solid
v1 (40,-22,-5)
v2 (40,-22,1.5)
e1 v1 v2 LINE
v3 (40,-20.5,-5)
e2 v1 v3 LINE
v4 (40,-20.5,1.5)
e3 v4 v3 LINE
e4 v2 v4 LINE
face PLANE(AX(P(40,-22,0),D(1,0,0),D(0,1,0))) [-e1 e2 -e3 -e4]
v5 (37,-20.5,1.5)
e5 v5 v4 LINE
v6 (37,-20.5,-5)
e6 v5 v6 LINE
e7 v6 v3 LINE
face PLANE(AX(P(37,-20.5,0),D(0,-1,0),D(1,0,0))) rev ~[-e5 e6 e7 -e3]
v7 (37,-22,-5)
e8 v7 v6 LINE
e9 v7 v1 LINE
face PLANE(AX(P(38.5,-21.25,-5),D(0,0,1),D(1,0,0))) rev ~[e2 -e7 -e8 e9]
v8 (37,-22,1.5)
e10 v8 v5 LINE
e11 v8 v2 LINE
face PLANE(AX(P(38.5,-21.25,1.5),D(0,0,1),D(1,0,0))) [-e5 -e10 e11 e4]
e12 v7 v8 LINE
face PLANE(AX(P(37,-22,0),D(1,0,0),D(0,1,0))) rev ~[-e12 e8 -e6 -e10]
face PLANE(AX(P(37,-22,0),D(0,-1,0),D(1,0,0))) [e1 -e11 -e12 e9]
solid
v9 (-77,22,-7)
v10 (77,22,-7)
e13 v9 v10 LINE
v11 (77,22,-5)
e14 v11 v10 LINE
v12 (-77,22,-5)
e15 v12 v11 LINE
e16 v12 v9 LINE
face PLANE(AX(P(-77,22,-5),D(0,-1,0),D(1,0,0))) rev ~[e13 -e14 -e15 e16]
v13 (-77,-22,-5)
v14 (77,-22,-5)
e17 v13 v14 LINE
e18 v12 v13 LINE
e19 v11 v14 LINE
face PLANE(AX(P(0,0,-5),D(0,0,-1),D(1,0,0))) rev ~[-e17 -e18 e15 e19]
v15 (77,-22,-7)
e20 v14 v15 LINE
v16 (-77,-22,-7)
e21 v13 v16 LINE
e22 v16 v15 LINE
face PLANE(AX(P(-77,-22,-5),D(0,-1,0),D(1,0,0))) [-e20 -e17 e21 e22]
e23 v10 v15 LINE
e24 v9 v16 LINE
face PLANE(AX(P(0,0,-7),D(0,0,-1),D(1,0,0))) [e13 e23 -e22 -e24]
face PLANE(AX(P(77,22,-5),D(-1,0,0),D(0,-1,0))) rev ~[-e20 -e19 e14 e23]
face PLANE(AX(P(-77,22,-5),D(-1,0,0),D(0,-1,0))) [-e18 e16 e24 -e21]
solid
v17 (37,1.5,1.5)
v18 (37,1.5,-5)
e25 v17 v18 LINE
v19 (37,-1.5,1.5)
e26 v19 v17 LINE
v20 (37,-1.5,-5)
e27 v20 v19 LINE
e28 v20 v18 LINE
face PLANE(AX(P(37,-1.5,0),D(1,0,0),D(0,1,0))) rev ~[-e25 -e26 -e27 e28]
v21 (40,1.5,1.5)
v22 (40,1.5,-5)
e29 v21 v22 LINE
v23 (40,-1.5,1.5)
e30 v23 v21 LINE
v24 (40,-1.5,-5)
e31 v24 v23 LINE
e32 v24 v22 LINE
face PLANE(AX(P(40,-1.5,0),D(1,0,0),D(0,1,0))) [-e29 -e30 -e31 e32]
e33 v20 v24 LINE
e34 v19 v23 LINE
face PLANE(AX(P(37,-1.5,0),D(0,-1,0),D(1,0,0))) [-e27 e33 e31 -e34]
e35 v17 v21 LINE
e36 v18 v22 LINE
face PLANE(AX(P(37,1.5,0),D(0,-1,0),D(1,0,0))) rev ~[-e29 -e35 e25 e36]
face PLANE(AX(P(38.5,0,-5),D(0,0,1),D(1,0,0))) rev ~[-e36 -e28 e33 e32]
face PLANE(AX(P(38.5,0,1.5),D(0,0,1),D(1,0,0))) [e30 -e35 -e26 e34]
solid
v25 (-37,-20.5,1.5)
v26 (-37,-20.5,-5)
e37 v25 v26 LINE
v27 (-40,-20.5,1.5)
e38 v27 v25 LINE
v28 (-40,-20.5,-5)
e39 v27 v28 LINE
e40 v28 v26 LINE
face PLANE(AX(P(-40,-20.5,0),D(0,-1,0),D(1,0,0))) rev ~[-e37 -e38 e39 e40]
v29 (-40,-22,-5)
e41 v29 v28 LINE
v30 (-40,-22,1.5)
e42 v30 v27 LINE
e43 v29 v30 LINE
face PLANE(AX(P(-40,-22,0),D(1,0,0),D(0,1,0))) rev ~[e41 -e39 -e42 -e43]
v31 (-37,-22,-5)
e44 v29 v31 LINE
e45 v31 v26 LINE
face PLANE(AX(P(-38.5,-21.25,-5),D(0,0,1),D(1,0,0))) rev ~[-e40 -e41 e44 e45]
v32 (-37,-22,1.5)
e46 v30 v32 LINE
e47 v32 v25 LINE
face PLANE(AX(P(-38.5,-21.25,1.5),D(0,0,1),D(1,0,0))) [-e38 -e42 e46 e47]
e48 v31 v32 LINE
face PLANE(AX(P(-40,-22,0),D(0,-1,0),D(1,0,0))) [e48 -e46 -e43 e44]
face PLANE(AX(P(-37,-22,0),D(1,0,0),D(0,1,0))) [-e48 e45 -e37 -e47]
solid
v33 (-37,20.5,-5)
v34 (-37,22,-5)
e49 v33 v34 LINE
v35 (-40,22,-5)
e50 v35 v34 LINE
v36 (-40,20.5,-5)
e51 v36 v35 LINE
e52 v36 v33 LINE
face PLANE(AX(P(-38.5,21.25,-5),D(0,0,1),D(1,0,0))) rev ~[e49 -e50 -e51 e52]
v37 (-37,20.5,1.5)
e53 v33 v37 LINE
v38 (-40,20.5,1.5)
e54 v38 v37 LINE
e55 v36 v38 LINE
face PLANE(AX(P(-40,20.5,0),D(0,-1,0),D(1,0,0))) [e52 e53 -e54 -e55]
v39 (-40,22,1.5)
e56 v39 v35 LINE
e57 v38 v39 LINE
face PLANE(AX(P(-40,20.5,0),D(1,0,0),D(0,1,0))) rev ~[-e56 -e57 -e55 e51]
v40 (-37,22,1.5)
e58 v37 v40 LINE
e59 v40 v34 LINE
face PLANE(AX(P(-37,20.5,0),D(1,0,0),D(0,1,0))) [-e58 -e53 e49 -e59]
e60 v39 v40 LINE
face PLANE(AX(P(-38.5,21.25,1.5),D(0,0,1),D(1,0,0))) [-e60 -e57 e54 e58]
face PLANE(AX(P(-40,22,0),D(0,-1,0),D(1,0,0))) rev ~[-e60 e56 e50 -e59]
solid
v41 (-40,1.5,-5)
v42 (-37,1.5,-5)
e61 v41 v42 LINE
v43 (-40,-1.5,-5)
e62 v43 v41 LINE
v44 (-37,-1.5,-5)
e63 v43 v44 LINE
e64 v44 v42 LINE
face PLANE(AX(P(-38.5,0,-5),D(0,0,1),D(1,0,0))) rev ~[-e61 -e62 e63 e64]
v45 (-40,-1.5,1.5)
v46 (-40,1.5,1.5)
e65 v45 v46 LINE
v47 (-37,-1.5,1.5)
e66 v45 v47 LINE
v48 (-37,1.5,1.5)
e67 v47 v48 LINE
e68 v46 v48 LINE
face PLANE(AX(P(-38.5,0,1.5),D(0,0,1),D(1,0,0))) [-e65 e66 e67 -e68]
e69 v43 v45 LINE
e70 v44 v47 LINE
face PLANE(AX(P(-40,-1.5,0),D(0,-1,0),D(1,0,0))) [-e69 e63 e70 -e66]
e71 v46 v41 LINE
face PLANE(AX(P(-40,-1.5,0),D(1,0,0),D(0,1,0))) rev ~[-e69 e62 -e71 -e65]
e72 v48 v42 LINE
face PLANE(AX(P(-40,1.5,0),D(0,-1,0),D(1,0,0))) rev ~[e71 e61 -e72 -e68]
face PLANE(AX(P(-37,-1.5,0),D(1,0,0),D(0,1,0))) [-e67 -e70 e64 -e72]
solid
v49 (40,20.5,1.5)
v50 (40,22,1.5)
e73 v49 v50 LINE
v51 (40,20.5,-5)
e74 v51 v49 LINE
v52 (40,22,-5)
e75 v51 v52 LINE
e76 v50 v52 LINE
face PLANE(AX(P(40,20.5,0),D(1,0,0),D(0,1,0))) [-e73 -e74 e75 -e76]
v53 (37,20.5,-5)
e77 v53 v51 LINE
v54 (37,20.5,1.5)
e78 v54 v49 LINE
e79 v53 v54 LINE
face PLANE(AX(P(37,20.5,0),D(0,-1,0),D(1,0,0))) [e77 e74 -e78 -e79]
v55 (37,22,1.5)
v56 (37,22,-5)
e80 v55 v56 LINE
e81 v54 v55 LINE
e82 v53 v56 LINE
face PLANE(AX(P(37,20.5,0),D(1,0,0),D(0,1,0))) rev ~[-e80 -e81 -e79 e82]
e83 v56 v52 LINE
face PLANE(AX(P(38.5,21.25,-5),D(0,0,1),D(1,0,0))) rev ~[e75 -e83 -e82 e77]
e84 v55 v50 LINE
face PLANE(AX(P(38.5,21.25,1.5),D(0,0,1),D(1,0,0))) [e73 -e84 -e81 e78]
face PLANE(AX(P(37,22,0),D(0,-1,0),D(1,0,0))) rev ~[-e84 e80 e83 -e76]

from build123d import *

# Parameters (mm, degrees)
F0_W          = 3
F0_H          = 3
F0_H_2        = 1.5
F1_DEPTH      = 1.5
F1_DEPTH_BACK = 5
F2_W          = 154
F2_H          = 44
F3_DEPTH      = 2


with BuildPart() as f1:
    # F0 (on Top) → F1 (new body, two sides)
    with BuildSketch(Plane.XY) as f1_sk:
        with Locations((-38.5, 0)):
            Rectangle(F0_W, F0_H)
        with Locations((-38.5, -21.25)):
            Rectangle(F0_W, F0_H_2)
        with Locations((38.5, 21.25)):
            Rectangle(F0_W, F0_H_2)
        with Locations((-38.5, 21.25)):
            Rectangle(F0_W, F0_H_2)
        with Locations((38.5, 0)):
            Rectangle(F0_W, F0_H)
        with Locations((38.5, -21.25)):
            Rectangle(F0_W, F0_H_2)
    extrude(amount=F1_DEPTH)
    extrude(f1_sk.sketch, amount=-F1_DEPTH_BACK)


with BuildPart() as f3:
    # F2 (on face) → F3 (new body)
    with BuildSketch(Plane(origin=(0, 0, -5), x_dir=(1, 0, 0), z_dir=(0, 0, -1))):
        Rectangle(F2_W, F2_H)
    extrude(amount=F3_DEPTH)


solid = Compound([f1.part, f3.part])
